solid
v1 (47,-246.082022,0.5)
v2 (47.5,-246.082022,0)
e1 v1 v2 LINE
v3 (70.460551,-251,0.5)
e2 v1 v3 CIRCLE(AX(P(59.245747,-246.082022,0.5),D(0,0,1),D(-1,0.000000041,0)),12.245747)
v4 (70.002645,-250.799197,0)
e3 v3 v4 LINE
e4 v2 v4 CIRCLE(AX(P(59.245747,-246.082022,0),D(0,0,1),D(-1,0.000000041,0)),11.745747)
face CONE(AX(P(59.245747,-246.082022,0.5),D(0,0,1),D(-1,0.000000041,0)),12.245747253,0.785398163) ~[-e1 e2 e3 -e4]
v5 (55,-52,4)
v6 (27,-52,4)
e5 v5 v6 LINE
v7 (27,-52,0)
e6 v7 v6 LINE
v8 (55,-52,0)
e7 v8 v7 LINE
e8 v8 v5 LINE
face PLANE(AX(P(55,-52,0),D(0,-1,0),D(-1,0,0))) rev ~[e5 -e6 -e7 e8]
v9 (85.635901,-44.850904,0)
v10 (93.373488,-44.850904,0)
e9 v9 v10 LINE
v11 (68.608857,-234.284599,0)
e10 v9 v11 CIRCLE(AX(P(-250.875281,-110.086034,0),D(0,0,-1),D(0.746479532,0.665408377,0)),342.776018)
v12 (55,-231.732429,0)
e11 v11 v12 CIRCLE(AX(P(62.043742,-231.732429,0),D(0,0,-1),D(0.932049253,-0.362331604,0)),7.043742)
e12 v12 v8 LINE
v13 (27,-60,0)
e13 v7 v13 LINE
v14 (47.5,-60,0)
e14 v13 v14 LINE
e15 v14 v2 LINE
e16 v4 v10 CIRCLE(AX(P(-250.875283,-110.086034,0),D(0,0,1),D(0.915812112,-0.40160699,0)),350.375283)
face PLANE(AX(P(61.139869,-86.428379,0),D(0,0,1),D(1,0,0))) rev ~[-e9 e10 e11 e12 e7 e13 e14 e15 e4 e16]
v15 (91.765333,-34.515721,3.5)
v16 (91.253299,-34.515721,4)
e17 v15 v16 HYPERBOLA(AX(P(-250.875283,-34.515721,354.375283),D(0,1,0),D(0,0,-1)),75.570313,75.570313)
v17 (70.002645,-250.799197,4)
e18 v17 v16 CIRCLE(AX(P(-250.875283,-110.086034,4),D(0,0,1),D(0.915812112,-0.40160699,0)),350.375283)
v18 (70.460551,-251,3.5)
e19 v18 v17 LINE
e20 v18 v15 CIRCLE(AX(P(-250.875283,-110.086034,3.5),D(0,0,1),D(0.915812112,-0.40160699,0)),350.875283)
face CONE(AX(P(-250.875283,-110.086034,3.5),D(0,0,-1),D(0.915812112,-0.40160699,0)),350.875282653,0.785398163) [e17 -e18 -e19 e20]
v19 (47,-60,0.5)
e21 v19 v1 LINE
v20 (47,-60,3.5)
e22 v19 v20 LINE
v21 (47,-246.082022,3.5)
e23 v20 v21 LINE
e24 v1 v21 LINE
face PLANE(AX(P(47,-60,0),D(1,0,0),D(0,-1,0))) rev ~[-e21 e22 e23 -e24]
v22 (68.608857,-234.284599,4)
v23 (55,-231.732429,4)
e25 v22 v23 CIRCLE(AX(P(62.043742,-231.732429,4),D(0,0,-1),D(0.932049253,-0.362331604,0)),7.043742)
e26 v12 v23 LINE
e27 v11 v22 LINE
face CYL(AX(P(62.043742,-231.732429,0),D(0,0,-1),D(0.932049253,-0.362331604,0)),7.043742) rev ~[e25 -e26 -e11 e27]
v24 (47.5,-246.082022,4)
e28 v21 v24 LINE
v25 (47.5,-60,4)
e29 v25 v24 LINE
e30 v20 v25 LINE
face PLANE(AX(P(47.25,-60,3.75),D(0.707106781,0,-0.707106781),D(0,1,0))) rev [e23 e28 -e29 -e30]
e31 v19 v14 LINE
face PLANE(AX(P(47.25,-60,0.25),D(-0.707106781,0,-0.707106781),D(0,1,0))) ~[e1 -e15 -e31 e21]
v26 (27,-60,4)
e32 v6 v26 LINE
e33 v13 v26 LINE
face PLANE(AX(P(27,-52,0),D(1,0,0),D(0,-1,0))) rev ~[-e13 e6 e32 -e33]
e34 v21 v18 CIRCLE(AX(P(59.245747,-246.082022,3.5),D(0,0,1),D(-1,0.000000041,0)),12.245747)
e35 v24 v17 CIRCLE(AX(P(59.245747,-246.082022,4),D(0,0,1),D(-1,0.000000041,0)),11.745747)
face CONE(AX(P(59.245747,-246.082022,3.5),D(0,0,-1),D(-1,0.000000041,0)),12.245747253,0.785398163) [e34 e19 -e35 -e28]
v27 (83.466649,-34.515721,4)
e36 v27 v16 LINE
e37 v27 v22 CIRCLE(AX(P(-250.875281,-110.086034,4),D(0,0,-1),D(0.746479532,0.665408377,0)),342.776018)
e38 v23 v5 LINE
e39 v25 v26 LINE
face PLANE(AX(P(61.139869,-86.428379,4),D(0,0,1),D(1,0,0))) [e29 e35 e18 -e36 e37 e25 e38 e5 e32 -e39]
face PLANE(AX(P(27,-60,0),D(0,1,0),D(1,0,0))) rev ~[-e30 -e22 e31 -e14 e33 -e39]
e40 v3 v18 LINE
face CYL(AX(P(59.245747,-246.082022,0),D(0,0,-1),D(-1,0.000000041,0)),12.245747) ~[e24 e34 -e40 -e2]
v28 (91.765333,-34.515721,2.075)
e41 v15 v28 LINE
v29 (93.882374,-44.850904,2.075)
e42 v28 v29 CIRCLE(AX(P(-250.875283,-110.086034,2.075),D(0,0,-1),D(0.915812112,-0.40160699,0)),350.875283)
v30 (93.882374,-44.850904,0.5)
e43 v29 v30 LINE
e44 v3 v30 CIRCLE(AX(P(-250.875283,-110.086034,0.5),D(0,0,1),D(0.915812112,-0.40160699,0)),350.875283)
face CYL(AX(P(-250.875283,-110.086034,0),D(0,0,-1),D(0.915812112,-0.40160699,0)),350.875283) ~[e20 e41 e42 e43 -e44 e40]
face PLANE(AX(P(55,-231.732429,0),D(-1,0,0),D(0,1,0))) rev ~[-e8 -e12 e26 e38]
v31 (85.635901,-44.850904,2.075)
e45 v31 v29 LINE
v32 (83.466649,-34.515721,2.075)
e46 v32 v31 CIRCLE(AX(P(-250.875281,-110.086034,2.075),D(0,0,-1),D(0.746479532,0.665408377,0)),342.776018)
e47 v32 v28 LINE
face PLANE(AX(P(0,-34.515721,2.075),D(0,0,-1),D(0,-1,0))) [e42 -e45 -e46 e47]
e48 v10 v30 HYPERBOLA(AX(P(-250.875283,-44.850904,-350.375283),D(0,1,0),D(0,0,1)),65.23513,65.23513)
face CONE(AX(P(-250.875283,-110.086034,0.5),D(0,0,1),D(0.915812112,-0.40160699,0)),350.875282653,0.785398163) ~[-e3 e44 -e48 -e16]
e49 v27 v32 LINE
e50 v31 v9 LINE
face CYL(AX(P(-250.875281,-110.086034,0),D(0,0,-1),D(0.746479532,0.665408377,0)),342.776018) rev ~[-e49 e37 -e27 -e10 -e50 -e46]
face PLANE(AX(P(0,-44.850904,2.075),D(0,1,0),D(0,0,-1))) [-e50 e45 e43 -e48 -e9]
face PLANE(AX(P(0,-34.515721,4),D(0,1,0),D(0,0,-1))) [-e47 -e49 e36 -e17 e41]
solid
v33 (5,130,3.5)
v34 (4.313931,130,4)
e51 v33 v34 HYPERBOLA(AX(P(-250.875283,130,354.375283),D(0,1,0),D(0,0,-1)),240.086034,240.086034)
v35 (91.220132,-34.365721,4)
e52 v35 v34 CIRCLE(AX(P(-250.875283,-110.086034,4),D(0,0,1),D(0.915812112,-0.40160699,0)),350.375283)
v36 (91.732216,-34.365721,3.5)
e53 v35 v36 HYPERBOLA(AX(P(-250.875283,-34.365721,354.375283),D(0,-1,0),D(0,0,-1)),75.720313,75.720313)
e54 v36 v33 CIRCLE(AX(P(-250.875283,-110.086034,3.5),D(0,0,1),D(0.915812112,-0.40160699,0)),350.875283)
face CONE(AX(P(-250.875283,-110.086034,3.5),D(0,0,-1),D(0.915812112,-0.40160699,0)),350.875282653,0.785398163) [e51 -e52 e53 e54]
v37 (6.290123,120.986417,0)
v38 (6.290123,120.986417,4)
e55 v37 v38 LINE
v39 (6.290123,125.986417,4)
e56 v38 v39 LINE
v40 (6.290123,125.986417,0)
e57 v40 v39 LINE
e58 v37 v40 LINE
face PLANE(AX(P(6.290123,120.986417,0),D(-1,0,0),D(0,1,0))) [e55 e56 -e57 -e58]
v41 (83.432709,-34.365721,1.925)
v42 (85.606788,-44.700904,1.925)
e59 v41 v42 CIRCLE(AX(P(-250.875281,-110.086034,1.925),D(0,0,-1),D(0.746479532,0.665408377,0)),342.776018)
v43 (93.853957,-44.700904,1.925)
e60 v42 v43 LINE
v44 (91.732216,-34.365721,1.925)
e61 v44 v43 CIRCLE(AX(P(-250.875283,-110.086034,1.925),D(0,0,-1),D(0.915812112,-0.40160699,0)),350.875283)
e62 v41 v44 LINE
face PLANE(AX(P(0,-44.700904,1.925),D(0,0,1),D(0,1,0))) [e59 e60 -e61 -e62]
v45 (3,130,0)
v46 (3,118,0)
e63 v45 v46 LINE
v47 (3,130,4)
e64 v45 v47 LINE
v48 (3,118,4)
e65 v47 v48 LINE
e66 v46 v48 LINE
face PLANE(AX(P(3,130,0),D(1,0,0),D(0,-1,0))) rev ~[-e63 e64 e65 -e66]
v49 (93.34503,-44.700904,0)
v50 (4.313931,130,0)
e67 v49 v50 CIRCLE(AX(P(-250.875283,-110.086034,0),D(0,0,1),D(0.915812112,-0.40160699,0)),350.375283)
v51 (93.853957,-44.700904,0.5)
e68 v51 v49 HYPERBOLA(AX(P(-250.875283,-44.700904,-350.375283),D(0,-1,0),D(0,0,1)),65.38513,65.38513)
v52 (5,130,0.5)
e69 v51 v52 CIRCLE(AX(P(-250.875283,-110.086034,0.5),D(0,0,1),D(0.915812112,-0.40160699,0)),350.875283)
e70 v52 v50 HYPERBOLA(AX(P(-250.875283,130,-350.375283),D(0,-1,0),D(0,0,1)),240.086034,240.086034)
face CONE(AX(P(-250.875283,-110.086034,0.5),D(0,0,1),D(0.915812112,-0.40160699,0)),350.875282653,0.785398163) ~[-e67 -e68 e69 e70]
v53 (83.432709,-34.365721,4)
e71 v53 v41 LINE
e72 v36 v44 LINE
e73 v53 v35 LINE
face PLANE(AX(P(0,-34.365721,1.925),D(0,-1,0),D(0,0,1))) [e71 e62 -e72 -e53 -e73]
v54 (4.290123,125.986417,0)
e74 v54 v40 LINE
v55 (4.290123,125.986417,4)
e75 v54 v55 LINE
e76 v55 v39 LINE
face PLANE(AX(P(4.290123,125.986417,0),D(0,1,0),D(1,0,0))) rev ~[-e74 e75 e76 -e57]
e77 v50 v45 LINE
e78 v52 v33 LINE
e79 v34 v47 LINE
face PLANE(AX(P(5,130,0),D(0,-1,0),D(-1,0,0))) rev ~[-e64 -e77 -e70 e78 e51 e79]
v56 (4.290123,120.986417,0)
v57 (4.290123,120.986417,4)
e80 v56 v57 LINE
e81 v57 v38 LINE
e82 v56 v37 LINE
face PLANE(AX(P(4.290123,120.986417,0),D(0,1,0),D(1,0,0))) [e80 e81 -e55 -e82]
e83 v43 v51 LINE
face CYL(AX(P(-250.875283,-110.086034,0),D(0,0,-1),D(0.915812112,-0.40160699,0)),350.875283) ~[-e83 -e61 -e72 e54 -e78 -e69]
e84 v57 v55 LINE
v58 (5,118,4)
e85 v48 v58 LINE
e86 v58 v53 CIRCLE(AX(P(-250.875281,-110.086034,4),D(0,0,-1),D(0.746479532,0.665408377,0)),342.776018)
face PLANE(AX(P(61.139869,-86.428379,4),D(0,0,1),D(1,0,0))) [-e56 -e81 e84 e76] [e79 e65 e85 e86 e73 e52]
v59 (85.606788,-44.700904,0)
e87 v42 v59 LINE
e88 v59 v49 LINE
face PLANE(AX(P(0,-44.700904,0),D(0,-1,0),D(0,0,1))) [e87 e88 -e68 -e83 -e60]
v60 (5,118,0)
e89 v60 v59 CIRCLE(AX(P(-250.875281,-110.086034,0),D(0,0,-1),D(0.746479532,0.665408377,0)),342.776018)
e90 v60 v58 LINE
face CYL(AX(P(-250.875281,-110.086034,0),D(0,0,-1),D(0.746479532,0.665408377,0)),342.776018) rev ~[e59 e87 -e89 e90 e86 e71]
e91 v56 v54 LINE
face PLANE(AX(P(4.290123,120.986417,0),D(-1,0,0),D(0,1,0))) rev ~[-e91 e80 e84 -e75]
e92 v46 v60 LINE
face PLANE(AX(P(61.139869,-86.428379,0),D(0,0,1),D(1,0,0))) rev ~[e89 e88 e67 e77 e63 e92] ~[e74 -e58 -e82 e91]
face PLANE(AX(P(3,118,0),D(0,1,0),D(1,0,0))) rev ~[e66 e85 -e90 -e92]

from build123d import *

# Parameters (mm, degrees)
F0_W     = 2
F0_H     = 5
F1_DEPTH = 4
F2_SIZE  = 0.5
F4_DEPTH = 150


with BuildPart() as f1:
    # F0 (on Top) → F1 (new body)
    with BuildSketch(Plane.XY):
        with BuildLine():
            Line((27, -52), (27, -60))
            Line((27, -60), (47, -60))
            Line((47, -60), (47, -246.082022))
            ThreePointArc((47, -246.082022), (56.733311, -258.067263), (70.460551, -251))
            ThreePointArc((70.460551, -251), (94.933072, -50.671846), (5, 130))
            Line((5, 130), (3, 130))
            Line((3, 130), (3, 118))
            Line((3, 118), (5, 118))
            ThreePointArc((5, 118), (86.446116, -49.178947), (68.608857, -234.284599))
            ThreePointArc((68.608857, -234.284599), (60.745411, -238.65548), (55, -231.732429))
            Line((55, -231.732429), (55, -52))
            Line((55, -52), (27, -52))
        make_face()
        with Locations((5.290123, 123.486417)):
            Rectangle(F0_W, F0_H, mode=Mode.SUBTRACT)
    extrude(amount=F1_DEPTH)

    # F2
    f2_edges = [f1.edges().sort_by_distance(p)[0] for p in [
        (94.933072, -50.671846, 0),
        (94.933072, -50.671846, 4),
    ]]
    chamfer(f2_edges, length=F2_SIZE)

    # F3 (on Right) → F4 (cut)
    with BuildSketch(Plane.YZ):
        Polygon((-44.850904, 2.075), (-44.850904, 0), (-44.700904, 0), (-44.700904, 1.925), (-34.365721, 1.925), (-34.365721, 4), (-34.515721, 4), (-34.515721, 2.075), align=None)
    extrude(amount=F4_DEPTH, mode=Mode.SUBTRACT)


solid = f1.part
